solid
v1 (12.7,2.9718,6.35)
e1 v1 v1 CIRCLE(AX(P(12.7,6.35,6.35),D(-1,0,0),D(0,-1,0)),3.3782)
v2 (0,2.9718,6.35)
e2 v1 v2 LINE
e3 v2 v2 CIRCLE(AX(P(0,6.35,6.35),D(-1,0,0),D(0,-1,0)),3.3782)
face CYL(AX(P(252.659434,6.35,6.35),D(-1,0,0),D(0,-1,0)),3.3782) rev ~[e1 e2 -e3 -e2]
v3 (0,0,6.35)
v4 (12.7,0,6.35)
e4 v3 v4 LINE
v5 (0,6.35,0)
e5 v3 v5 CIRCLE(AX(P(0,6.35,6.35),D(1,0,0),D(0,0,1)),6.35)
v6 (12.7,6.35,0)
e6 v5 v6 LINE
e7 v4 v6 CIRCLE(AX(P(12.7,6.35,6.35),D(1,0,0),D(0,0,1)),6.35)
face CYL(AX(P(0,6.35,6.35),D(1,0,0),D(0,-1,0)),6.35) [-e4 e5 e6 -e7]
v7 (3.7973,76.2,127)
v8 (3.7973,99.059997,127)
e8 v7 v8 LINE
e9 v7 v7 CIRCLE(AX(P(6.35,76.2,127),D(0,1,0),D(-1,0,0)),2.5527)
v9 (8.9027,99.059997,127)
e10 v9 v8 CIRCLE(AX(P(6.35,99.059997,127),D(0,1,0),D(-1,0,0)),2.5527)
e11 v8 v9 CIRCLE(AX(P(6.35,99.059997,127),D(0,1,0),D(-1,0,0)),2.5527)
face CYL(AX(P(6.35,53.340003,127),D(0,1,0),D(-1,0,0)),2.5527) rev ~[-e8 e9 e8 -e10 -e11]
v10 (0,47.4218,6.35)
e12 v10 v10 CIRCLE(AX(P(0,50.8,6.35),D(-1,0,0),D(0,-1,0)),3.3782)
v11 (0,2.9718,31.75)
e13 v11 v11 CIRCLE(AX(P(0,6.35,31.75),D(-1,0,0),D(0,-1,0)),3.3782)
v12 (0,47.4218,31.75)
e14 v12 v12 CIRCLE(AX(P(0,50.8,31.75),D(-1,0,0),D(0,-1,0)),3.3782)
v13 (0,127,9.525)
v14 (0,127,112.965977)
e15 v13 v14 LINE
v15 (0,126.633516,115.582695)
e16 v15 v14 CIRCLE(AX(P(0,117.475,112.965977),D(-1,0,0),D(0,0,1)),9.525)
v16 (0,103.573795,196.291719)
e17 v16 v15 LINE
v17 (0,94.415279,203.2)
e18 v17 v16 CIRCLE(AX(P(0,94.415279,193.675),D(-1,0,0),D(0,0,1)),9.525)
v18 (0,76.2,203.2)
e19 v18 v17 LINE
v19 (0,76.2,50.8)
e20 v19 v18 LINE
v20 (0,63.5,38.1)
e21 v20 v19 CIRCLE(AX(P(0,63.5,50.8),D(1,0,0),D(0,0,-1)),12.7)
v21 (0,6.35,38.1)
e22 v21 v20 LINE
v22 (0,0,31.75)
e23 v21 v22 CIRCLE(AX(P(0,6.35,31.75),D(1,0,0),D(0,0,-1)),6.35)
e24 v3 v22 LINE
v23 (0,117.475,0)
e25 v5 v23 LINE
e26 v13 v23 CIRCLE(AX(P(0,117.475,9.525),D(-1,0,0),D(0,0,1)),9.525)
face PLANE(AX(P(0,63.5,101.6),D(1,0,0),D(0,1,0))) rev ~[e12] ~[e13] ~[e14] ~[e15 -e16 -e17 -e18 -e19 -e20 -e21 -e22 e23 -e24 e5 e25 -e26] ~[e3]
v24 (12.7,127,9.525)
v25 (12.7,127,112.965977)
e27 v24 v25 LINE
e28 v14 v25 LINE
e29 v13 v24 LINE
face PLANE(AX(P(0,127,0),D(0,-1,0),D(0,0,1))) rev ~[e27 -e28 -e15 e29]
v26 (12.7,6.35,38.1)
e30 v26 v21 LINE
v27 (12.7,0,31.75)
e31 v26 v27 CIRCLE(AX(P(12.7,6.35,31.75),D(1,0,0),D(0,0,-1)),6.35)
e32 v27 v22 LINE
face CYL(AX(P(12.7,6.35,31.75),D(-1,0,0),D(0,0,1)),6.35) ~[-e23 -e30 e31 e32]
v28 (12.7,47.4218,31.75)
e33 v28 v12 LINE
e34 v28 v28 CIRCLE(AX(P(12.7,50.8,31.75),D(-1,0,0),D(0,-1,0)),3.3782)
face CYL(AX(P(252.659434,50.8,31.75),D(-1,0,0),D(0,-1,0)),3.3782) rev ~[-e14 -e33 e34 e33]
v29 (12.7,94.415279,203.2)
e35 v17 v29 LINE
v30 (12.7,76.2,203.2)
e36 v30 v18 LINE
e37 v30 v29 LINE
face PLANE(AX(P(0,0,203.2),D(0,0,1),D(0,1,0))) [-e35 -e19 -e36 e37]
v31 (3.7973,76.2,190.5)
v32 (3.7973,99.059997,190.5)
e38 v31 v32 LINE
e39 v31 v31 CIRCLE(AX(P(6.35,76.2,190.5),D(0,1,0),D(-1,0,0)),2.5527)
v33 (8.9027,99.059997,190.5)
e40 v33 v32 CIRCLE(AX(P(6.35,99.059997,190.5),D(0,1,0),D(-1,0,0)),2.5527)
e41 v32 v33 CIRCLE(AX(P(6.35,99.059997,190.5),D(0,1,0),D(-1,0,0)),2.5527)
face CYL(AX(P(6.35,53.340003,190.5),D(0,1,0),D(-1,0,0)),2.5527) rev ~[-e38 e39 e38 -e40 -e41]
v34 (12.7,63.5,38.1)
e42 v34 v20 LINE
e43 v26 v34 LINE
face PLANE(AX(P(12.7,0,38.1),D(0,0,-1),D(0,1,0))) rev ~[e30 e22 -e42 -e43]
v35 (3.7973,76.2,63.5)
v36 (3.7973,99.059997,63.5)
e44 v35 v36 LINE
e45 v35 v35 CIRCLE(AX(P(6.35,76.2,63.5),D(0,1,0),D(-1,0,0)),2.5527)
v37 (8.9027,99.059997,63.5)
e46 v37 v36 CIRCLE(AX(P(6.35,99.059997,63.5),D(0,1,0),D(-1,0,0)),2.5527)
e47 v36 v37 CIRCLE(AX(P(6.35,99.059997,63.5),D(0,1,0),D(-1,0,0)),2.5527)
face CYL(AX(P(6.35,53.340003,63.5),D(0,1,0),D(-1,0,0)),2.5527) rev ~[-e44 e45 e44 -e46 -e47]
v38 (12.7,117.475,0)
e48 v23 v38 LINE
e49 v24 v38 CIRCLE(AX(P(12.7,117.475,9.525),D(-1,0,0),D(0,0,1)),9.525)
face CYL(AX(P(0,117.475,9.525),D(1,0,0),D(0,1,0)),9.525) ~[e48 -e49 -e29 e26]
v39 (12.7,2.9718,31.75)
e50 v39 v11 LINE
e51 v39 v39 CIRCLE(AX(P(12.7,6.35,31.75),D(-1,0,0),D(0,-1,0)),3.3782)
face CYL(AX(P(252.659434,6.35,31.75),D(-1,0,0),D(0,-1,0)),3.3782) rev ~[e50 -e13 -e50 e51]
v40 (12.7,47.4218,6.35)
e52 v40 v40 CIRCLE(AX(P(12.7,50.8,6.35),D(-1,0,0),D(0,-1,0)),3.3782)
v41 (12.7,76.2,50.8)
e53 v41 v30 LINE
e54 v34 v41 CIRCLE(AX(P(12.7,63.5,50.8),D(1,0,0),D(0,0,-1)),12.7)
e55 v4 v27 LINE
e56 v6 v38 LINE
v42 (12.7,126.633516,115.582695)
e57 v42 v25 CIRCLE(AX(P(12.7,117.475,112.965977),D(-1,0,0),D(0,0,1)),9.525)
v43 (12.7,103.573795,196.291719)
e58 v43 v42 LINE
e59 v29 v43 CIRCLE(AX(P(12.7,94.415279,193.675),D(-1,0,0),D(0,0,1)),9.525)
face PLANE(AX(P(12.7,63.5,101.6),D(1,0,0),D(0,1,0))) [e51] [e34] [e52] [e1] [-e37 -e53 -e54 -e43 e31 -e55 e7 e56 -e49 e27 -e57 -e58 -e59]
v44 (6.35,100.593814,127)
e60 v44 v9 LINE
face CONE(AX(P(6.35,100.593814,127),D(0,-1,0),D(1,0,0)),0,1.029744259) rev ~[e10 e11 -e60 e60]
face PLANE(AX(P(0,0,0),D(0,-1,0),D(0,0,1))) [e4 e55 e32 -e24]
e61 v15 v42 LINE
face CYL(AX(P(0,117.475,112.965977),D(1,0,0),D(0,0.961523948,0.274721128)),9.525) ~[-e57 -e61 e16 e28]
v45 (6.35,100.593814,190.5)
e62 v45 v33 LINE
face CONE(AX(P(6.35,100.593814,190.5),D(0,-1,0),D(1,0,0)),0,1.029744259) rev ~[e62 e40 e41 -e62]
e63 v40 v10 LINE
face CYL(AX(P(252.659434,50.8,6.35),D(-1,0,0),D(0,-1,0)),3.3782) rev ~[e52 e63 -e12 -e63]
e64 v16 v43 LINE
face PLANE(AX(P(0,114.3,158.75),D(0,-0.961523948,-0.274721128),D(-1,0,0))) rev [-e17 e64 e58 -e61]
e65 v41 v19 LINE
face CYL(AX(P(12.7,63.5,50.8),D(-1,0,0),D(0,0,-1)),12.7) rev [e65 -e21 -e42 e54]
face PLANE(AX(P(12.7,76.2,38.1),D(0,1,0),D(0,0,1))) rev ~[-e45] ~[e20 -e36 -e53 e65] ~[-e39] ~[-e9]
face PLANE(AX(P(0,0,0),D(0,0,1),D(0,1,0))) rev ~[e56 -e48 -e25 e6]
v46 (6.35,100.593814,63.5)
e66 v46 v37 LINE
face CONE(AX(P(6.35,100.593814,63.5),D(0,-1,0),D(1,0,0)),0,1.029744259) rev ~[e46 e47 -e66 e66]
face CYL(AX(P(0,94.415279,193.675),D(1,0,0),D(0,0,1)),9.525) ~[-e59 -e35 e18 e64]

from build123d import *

# Parameters (mm, degrees)
F0_W     = 127
F0_H     = 203.2
F1_DEPTH = 12.7
F3_D     = 6.7564
F4_W     = 76.2
F4_H     = 165.1
F5_DEPTH = 12.7
F7_R     = 12.7
F8_D     = 5.1054
F8_DEPTH = 22.859997
F8_TIP   = 1.5338169022
F9_SIZE2 = 88.9
F9_SIZE  = 25.4
F10_R    = 9.525
F11_R    = 6.35


with BuildPart() as f1:
    # F0 (on Right) → F1 (new body)
    with BuildSketch(Plane.YZ):
        with Locations((63.5, 101.6)):
            Rectangle(F0_W, F0_H)
    extrude(amount=F1_DEPTH)

    # F3 (through all)
    with Locations(Plane.YZ.offset(12.7)):
        with Locations((6.35, 31.75), (50.8, 31.75), (50.8, 6.35), (6.35, 6.35)):
            Hole(F3_D / 2)

    # F4 (on face) → F5 (cut, through all)
    with BuildSketch(Plane.YZ.offset(12.7)):
        with Locations((38.1, 120.65)):
            Rectangle(F4_W, F4_H)
    extrude(amount=-F5_DEPTH, mode=Mode.SUBTRACT)

    # F7
    f7_edges = [f1.edges().sort_by_distance(p)[0] for p in [
        (6.35, 76.2, 38.1),
    ]]
    fillet(f7_edges, radius=F7_R)

    # F8
    with Locations(Plane.XZ.offset(-76.2)):
        with Locations((6.35, 190.5), (6.35, 127), (6.35, 63.5)):
            Hole(F8_D / 2, depth=F8_DEPTH)
            with Locations((0, 0, -(F8_DEPTH + F8_TIP / 2))):  # 118° drill point
                Cone(0, F8_D / 2, F8_TIP, mode=Mode.SUBTRACT)

    # F9
    f9_edges = [f1.edges().sort_by_distance(p)[0] for p in [
        (6.35, 127, 203.2),
    ]]
    f9_side = f1.faces().sort_by_distance((6.35, 101.6, 203.2))[0]
    chamfer(f9_edges, length=F9_SIZE, length2=F9_SIZE2, reference=f9_side)

    # F10
    f10_edges = [f1.edges().sort_by_distance(p)[0] for p in [
        (6.35, 127, 0),
        (6.35, 101.6, 203.2),
        (6.35, 127, 114.3),
    ]]
    fillet(f10_edges, radius=F10_R)

    # F11
    f11_edges = [f1.edges().sort_by_distance(p)[0] for p in [
        (6.35, 0, 38.1),
        (6.35, 0, 0),
    ]]
    fillet(f11_edges, radius=F11_R)


solid = f1.part
